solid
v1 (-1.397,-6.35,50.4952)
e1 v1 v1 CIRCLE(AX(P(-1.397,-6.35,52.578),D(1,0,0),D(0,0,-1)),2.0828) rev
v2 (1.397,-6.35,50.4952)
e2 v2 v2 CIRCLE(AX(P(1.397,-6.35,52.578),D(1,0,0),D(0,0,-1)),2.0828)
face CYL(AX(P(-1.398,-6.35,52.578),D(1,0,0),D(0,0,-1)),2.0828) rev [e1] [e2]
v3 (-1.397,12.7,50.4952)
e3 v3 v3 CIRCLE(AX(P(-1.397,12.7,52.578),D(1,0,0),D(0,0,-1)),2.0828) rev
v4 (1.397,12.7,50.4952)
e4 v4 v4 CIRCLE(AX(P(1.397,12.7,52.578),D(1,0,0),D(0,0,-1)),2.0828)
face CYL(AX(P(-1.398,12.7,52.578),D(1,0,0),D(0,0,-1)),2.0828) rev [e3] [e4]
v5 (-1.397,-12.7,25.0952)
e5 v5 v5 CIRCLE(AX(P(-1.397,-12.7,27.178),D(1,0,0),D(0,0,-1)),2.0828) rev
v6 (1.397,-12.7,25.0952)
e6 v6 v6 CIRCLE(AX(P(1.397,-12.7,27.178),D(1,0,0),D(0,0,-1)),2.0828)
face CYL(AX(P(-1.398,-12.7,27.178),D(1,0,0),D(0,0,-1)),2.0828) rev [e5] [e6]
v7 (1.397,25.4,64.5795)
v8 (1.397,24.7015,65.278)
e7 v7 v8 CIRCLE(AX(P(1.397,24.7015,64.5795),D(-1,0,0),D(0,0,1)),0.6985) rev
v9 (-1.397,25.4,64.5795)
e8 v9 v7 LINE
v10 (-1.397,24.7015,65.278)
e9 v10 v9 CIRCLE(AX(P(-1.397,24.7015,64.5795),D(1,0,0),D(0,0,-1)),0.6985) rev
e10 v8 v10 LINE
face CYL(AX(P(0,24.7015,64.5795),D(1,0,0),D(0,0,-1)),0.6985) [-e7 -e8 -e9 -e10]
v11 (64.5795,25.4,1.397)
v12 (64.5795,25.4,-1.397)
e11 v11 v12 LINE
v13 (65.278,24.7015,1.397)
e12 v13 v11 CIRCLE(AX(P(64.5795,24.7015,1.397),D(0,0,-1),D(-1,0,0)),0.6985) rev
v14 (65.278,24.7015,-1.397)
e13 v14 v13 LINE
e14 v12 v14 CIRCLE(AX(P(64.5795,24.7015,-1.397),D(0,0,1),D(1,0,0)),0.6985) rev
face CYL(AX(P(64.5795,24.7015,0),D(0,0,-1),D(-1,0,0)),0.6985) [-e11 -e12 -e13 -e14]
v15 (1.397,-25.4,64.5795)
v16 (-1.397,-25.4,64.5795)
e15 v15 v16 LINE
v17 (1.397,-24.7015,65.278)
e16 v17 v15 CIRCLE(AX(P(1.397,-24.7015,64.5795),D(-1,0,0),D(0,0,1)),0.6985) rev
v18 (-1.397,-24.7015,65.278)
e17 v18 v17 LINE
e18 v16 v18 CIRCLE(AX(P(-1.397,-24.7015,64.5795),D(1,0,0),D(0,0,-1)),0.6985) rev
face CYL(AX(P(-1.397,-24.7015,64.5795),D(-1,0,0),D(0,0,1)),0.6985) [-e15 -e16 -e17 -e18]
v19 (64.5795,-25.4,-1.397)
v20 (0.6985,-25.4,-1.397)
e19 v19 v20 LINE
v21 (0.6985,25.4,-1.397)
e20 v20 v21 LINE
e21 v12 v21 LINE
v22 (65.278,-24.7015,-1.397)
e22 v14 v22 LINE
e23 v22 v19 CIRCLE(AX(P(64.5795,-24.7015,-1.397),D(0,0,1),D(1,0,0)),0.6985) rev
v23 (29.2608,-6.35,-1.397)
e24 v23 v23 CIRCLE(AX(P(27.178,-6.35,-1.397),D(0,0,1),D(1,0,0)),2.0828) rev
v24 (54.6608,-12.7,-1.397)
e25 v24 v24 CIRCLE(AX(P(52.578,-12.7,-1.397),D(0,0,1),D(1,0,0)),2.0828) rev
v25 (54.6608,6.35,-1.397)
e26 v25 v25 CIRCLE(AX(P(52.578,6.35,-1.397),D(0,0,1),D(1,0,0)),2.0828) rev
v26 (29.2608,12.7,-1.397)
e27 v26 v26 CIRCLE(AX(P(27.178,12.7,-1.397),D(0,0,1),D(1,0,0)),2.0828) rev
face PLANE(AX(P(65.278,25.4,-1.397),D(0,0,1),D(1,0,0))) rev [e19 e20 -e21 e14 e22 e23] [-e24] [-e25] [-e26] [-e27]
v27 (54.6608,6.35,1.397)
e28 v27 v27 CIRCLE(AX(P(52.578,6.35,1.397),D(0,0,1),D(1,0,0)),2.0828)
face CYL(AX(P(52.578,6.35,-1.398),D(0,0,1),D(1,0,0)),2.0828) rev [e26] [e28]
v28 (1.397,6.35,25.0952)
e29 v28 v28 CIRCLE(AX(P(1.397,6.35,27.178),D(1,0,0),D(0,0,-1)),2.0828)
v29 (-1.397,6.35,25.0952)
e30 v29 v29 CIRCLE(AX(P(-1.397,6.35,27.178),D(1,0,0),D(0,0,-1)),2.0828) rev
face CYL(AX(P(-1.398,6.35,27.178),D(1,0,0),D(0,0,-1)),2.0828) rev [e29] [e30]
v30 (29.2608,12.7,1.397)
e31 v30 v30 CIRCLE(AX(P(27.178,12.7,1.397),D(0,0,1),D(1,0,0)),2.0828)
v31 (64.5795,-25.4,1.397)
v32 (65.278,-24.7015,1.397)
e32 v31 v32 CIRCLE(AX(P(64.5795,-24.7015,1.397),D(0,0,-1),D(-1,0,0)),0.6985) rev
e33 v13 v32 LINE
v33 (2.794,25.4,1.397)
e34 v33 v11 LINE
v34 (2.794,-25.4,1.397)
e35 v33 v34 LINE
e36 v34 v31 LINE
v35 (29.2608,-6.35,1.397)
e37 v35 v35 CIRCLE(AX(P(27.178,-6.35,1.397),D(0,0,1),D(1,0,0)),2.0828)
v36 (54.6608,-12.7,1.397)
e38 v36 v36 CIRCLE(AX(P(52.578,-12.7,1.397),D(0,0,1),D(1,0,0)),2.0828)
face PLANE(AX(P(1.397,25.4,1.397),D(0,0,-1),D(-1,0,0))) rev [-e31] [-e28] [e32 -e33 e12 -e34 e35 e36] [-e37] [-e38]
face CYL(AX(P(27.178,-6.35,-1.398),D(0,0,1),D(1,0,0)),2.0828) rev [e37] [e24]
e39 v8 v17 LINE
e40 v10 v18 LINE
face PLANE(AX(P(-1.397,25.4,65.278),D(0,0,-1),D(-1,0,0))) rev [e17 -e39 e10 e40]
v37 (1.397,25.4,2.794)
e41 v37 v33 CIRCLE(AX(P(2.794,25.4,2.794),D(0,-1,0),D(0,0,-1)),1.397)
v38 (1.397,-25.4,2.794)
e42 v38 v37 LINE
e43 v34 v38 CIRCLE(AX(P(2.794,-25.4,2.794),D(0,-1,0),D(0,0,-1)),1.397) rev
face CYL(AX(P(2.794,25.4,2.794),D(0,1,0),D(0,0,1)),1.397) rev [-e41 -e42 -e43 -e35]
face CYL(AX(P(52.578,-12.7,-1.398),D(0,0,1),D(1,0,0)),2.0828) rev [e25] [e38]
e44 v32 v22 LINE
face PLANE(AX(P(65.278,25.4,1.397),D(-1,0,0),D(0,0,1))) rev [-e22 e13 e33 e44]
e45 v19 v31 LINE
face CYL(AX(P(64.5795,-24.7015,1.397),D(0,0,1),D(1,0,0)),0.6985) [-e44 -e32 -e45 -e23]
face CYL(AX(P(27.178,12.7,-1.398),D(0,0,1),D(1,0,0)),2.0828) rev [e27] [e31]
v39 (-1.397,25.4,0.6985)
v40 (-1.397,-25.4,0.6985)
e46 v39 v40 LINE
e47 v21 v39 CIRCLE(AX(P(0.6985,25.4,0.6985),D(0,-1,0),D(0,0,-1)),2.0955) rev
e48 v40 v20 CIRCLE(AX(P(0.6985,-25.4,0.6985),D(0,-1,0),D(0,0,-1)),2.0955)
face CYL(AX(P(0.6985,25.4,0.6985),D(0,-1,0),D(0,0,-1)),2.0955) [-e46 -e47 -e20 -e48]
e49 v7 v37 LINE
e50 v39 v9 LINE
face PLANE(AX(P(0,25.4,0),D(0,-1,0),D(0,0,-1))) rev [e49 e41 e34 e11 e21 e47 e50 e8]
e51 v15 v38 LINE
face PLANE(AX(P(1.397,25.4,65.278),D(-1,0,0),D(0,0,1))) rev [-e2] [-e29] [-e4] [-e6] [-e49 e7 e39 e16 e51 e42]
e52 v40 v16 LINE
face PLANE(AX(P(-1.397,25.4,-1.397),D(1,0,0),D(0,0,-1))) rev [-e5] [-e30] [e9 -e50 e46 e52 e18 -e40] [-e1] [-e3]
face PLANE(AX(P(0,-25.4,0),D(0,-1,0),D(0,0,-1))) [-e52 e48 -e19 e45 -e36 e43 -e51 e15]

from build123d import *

# Parameters (mm, degrees)
BOSS_EXTRUDE1_DEPTH = 25.4
FILLET1_R           = 2.0955
FILLET2_R           = 1.397
FILLET3_R           = 0.6985
CUT_EXTRUDE1_REACH  = 4.794
SKETCH4_R           = 2.0828
CUT_EXTRUDE2_REACH  = 4.794
SKETCH5_R           = 2.0828


with BuildPart() as part:
    # Sketch3 → Boss-Extrude1 (new body, symmetric)
    with BuildSketch(Plane(origin=(0, 0, 0), x_dir=(1, 0, 0), z_dir=(0, 1, 0))):
        Polygon((1.397, -1.397), (65.278, -1.397), (65.278, 1.397), (-1.397, 1.397), (-1.397, -65.278), (1.397, -65.278), align=None)
    extrude(amount=BOSS_EXTRUDE1_DEPTH, both=True)

    # Fillet1
    fillet1_edges = [part.edges().sort_by_distance(p)[0] for p in [
        (-1.397, 0, -1.397),
    ]]
    fillet(fillet1_edges, radius=FILLET1_R)

    # Fillet2
    fillet2_edges = [part.edges().sort_by_distance(p)[0] for p in [
        (1.397, 0, 1.397),
    ]]
    fillet(fillet2_edges, radius=FILLET2_R)

    # Fillet3
    fillet3_edges = [part.edges().sort_by_distance(p)[0] for p in [
        (65.278, 25.4, 0),
        (0, 25.4, 65.278),
        (0, -25.4, 65.278),
        (65.278, -25.4, 0),
    ]]
    fillet(fillet3_edges, radius=FILLET3_R)

    # Sketch4 → Cut-Extrude1 (cut, up to next)
    with BuildSketch(Plane(origin=(1.397, 0, 0), x_dir=(0, 0, -1), z_dir=(1, 0, 0)), mode=Mode.PRIVATE) as cut_extrude1_sk1:
        with Locations((-52.578, -6.35)):
            Circle(SKETCH4_R)
    cut_extrude1_tool1 = extrude(cut_extrude1_sk1.sketch, amount=-CUT_EXTRUDE1_REACH, mode=Mode.PRIVATE) & part.part
    add(cut_extrude1_tool1.solids().sort_by_distance((1.397, -6.35, 52.578))[0], mode=Mode.SUBTRACT)
    # Sketch4 → Cut-Extrude1 (cut, up to next)
    with BuildSketch(Plane(origin=(1.397, 0, 0), x_dir=(0, 0, -1), z_dir=(1, 0, 0)), mode=Mode.PRIVATE) as cut_extrude1_sk2:
        with Locations((-27.178, 6.35)):
            Circle(SKETCH4_R)
    cut_extrude1_tool2 = extrude(cut_extrude1_sk2.sketch, amount=-CUT_EXTRUDE1_REACH, mode=Mode.PRIVATE) & part.part
    add(cut_extrude1_tool2.solids().sort_by_distance((1.397, 6.35, 27.178))[0], mode=Mode.SUBTRACT)
    # Sketch4 → Cut-Extrude1 (cut, up to next)
    with BuildSketch(Plane(origin=(1.397, 0, 0), x_dir=(0, 0, -1), z_dir=(1, 0, 0)), mode=Mode.PRIVATE) as cut_extrude1_sk3:
        with Locations((-27.178, -12.7)):
            Circle(SKETCH4_R)
    cut_extrude1_tool3 = extrude(cut_extrude1_sk3.sketch, amount=-CUT_EXTRUDE1_REACH, mode=Mode.PRIVATE) & part.part
    add(cut_extrude1_tool3.solids().sort_by_distance((1.397, -12.7, 27.178))[0], mode=Mode.SUBTRACT)
    # Sketch4 → Cut-Extrude1 (cut, up to next)
    with BuildSketch(Plane(origin=(1.397, 0, 0), x_dir=(0, 0, -1), z_dir=(1, 0, 0)), mode=Mode.PRIVATE) as cut_extrude1_sk4:
        with Locations((-52.578, 12.7)):
            Circle(SKETCH4_R)
    cut_extrude1_tool4 = extrude(cut_extrude1_sk4.sketch, amount=-CUT_EXTRUDE1_REACH, mode=Mode.PRIVATE) & part.part
    add(cut_extrude1_tool4.solids().sort_by_distance((1.397, 12.7, 52.578))[0], mode=Mode.SUBTRACT)

    # Sketch5 → Cut-Extrude2 (cut, up to next)
    with BuildSketch(Plane.XY.offset(1.397), mode=Mode.PRIVATE) as cut_extrude2_sk1:
        with Locations((27.178, 12.7)):
            Circle(SKETCH5_R)
    cut_extrude2_tool1 = extrude(cut_extrude2_sk1.sketch, amount=-CUT_EXTRUDE2_REACH, mode=Mode.PRIVATE) & part.part
    add(cut_extrude2_tool1.solids().sort_by_distance((27.178, 12.7, 1.397))[0], mode=Mode.SUBTRACT)
    # Sketch5 → Cut-Extrude2 (cut, up to next)
    with BuildSketch(Plane.XY.offset(1.397), mode=Mode.PRIVATE) as cut_extrude2_sk2:
        with Locations((27.178, -6.35)):
            Circle(SKETCH5_R)
    cut_extrude2_tool2 = extrude(cut_extrude2_sk2.sketch, amount=-CUT_EXTRUDE2_REACH, mode=Mode.PRIVATE) & part.part
    add(cut_extrude2_tool2.solids().sort_by_distance((27.178, -6.35, 1.397))[0], mode=Mode.SUBTRACT)
    # Sketch5 → Cut-Extrude2 (cut, up to next)
    with BuildSketch(Plane.XY.offset(1.397), mode=Mode.PRIVATE) as cut_extrude2_sk3:
        with Locations((52.578, -12.7)):
            Circle(SKETCH5_R)
    cut_extrude2_tool3 = extrude(cut_extrude2_sk3.sketch, amount=-CUT_EXTRUDE2_REACH, mode=Mode.PRIVATE) & part.part
    add(cut_extrude2_tool3.solids().sort_by_distance((52.578, -12.7, 1.397))[0], mode=Mode.SUBTRACT)
    # Sketch5 → Cut-Extrude2 (cut, up to next)
    with BuildSketch(Plane.XY.offset(1.397), mode=Mode.PRIVATE) as cut_extrude2_sk4:
        with Locations((52.578, 6.35)):
            Circle(SKETCH5_R)
    cut_extrude2_tool4 = extrude(cut_extrude2_sk4.sketch, amount=-CUT_EXTRUDE2_REACH, mode=Mode.PRIVATE) & part.part
    add(cut_extrude2_tool4.solids().sort_by_distance((52.578, 6.35, 1.397))[0], mode=Mode.SUBTRACT)


solid = part.part
